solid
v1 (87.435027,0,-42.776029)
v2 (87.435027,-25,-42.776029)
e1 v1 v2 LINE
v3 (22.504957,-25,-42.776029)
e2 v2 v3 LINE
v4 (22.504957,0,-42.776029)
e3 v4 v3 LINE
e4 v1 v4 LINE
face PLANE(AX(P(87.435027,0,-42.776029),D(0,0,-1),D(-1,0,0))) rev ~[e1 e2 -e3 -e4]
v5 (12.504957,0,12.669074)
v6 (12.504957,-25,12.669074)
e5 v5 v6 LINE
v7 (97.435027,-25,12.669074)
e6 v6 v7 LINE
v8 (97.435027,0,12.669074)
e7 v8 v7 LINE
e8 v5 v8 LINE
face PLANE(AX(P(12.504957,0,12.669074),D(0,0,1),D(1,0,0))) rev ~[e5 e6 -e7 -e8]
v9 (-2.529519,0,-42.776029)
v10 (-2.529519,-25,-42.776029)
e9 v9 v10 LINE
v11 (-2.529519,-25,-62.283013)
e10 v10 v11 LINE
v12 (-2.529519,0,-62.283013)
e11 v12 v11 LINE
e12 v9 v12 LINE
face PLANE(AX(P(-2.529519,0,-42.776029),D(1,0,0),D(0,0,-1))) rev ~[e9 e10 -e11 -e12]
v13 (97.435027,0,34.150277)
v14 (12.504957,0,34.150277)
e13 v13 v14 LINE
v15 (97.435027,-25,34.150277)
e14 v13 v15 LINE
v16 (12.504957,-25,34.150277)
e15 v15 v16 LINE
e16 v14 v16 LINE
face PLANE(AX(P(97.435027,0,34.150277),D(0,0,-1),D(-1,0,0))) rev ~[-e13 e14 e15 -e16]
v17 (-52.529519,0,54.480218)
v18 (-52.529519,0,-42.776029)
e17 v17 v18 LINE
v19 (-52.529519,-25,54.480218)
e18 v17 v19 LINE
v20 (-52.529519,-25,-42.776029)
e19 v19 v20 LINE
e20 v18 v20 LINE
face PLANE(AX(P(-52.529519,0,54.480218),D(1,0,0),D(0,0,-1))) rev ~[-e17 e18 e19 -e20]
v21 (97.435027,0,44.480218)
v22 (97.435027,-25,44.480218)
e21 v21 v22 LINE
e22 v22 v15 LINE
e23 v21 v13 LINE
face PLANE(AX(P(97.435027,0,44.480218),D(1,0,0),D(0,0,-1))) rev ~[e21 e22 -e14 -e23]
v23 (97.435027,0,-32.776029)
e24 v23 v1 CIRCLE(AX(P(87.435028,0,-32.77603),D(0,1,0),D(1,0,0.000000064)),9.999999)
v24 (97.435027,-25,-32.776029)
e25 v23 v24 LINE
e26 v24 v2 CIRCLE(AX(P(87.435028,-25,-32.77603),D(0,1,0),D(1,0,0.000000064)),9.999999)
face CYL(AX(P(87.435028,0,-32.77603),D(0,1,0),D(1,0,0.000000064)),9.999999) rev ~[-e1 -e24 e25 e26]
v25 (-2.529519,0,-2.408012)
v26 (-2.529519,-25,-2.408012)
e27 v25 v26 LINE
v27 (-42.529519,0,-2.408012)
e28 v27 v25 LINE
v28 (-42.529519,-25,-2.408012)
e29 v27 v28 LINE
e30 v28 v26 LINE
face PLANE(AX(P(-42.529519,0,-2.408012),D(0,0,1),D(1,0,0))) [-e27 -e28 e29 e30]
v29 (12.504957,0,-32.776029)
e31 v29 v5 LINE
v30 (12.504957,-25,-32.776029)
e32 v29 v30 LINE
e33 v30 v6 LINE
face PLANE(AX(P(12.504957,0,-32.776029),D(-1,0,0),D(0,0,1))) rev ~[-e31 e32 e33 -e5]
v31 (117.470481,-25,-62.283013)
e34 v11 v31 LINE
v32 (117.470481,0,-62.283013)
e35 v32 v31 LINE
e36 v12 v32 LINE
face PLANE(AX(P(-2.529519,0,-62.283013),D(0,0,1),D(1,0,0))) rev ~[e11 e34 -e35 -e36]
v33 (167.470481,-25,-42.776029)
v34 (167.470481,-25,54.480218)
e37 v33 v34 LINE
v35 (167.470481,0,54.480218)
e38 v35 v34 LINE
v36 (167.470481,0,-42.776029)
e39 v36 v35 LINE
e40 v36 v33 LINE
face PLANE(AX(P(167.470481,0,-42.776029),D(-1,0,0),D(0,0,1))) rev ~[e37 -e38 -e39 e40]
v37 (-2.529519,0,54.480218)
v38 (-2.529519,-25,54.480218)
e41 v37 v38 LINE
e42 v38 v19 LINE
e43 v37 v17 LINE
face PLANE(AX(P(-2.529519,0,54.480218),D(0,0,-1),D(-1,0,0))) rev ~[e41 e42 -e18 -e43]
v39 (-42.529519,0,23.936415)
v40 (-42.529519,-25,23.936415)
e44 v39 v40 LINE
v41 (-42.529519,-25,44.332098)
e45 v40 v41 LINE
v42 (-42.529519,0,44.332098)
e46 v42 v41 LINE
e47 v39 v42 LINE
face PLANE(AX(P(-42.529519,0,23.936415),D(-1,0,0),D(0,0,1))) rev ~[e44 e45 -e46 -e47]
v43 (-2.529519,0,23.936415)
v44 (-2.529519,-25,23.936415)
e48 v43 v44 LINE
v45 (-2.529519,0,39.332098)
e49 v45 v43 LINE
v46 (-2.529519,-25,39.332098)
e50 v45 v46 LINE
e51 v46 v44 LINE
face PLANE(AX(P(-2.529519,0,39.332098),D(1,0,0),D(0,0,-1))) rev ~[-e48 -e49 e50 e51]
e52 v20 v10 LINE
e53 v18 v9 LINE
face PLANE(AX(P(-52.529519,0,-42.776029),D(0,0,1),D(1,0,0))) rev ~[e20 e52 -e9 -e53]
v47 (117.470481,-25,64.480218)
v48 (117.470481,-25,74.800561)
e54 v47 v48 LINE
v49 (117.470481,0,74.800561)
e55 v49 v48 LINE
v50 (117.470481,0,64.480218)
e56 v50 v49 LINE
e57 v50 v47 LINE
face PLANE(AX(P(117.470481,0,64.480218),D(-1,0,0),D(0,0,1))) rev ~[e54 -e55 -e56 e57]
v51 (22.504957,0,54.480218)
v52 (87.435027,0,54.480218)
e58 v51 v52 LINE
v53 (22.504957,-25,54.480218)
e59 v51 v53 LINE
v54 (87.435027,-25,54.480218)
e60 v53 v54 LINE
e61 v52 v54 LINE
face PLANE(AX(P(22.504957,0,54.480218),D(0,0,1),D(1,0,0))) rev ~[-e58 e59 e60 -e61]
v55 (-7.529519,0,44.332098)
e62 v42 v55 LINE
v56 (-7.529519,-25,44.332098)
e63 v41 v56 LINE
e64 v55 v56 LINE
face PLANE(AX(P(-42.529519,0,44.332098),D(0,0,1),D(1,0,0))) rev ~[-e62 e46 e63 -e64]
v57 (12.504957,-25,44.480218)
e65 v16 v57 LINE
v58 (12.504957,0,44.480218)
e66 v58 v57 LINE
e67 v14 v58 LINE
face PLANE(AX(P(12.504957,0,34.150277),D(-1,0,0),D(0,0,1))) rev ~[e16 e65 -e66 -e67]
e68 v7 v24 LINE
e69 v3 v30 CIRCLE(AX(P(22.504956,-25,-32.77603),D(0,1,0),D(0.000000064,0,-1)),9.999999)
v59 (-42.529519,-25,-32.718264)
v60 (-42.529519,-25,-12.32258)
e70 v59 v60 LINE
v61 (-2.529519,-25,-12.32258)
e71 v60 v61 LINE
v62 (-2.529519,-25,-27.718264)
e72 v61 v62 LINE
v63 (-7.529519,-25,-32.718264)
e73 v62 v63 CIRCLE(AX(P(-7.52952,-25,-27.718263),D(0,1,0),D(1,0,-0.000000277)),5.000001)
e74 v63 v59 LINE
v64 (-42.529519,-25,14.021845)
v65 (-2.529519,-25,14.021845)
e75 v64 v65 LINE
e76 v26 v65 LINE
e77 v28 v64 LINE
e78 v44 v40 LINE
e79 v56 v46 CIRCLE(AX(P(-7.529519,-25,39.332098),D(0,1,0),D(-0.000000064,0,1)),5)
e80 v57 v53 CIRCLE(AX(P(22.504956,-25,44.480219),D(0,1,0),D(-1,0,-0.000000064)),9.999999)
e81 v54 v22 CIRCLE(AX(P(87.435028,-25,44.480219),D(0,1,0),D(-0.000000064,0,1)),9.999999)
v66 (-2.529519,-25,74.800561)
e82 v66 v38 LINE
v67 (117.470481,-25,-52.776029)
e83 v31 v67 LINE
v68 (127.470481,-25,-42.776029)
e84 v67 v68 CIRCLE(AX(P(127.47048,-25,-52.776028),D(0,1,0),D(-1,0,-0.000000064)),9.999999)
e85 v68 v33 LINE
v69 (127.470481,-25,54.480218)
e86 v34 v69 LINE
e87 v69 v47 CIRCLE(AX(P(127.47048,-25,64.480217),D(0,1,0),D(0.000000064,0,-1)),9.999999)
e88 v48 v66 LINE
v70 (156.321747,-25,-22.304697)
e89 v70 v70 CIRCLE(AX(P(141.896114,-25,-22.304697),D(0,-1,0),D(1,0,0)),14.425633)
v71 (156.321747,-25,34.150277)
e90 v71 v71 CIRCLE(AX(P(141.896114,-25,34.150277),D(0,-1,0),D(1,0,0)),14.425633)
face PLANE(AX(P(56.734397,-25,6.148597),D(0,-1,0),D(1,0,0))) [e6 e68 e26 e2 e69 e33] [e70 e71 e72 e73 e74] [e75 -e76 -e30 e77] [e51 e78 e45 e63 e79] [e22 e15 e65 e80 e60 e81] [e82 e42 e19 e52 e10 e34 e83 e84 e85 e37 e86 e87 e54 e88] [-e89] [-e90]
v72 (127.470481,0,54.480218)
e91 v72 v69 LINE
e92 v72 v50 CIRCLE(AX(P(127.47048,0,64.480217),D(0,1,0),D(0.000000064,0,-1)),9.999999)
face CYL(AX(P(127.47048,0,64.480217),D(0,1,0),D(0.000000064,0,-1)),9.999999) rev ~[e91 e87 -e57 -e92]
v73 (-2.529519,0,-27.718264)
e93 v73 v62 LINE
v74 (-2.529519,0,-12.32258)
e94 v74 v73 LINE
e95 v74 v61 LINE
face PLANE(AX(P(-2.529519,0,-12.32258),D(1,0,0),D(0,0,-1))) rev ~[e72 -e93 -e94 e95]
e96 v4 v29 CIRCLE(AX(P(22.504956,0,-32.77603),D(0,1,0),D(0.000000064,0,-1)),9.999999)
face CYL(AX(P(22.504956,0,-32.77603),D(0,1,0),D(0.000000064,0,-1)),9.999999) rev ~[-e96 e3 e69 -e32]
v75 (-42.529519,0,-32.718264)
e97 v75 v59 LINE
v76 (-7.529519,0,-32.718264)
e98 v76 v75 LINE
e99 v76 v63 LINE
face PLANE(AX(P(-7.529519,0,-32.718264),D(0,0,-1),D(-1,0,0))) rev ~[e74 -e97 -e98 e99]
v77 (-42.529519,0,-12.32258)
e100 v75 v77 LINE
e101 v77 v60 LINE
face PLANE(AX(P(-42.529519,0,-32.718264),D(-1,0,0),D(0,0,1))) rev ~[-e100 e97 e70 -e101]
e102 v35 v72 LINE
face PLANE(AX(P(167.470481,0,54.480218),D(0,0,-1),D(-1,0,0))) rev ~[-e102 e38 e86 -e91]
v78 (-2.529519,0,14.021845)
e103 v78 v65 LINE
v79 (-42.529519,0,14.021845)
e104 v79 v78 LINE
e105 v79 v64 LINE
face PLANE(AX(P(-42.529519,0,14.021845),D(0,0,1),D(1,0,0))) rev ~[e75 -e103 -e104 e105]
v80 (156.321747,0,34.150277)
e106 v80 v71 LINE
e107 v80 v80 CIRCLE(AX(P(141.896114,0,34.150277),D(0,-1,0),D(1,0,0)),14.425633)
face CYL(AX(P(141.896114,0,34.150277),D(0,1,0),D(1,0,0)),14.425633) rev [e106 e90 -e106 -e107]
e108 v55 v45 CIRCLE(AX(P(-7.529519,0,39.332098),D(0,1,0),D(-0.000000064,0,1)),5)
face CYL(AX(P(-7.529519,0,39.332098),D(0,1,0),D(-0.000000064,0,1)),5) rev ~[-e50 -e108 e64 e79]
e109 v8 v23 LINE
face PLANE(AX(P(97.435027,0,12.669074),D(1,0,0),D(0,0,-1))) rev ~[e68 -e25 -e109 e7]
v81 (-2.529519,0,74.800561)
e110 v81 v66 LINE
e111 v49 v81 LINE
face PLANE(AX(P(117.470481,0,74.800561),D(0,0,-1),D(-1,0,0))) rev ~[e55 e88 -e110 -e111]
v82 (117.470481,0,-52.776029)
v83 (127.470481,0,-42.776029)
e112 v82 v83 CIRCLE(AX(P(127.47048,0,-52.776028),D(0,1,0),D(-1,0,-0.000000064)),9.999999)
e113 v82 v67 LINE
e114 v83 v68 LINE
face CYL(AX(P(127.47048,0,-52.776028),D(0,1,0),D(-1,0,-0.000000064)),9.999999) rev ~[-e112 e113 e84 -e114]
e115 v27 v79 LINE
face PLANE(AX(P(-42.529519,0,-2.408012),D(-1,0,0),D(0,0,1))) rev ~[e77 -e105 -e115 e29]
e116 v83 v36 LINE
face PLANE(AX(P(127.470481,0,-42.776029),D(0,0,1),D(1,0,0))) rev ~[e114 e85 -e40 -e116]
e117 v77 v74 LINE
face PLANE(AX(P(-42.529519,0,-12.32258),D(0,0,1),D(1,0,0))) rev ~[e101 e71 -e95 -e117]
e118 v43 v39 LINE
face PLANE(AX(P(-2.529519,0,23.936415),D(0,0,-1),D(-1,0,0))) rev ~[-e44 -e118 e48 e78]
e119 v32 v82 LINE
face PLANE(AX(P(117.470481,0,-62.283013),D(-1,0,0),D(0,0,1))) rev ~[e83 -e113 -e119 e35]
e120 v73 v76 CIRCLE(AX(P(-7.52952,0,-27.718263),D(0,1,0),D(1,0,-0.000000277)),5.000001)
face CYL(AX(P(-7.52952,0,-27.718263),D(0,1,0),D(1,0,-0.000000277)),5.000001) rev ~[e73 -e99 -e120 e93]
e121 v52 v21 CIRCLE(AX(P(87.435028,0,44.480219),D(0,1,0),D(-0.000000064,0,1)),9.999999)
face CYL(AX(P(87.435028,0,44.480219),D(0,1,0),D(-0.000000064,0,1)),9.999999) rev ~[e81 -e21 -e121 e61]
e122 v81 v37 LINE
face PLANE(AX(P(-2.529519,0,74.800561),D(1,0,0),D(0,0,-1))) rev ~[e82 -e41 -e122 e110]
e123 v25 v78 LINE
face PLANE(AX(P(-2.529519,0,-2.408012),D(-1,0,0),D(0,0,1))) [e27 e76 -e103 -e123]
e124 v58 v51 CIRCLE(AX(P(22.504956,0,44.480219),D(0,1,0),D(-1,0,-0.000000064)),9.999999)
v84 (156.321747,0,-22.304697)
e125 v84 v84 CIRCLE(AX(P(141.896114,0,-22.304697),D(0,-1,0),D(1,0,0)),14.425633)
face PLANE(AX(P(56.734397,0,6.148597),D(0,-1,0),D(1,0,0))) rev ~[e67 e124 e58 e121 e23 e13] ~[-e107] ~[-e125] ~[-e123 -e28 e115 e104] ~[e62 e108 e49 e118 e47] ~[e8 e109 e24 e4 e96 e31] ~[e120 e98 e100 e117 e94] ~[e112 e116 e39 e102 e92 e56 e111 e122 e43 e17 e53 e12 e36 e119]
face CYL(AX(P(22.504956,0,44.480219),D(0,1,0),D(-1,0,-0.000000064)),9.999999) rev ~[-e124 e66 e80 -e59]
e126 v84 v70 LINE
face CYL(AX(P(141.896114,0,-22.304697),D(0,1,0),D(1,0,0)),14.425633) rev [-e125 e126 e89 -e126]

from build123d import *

# Parameters (mm, degrees)
F0_W     = 40
F0_H     = 16.429857
F0_R     = 14.425633
F1_DEPTH = 25


with BuildPart() as f1:
    # F0 (on Front) → F1 (new body)
    with BuildSketch(Plane.XZ):
        with BuildLine():
            Line((-2.529519, 54.480218), (-52.529519, 54.480218))
            Line((-52.529519, 54.480218), (-52.529519, -42.776029))
            Line((-52.529519, -42.776029), (-2.529519, -42.776029))
            Line((-2.529519, -42.776029), (-2.529519, -62.283013))
            Line((-2.529519, -62.283013), (117.470481, -62.283013))
            Line((117.470481, -62.283013), (117.470481, -52.776029))
            ThreePointArc((117.470481, -52.776029), (120.399413, -45.704961), (127.470481, -42.776029))
            Line((127.470481, -42.776029), (167.470481, -42.776029))
            Line((167.470481, -42.776029), (167.470481, 54.480218))
            Line((167.470481, 54.480218), (127.470481, 54.480218))
            ThreePointArc((127.470481, 54.480218), (120.399413, 57.40915), (117.470481, 64.480218))
            Line((117.470481, 64.480218), (117.470481, 74.800561))
            Line((117.470481, 74.800561), (-2.529519, 74.800561))
            Line((-2.529519, 74.800561), (-2.529519, 54.480218))
        make_face()
        with BuildLine():
            Line((-7.529519, -32.718264), (-42.529519, -32.718264))
            Line((-42.529519, -32.718264), (-42.529519, -12.32258))
            Line((-42.529519, -12.32258), (-2.529519, -12.32258))
            Line((-2.529519, -12.32258), (-2.529519, -27.718264))
            ThreePointArc((-2.529519, -27.718264), (-3.993985, -31.253797), (-7.529519, -32.718264))
        make_face(mode=Mode.SUBTRACT)
        with Locations((-22.529519, 5.806916)):
            Rectangle(F0_W, F0_H, mode=Mode.SUBTRACT)
        with BuildLine():
            Line((87.435027, -42.776029), (22.504957, -42.776029))
            ThreePointArc((22.504957, -42.776029), (15.433889, -39.847097), (12.504957, -32.776029))
            Line((12.504957, -32.776029), (12.504957, 12.669074))
            Line((12.504957, 12.669074), (52.470481, 12.669074))
            Line((52.470481, 12.669074), (97.435027, 12.669074))
            Line((97.435027, 12.669074), (97.435027, -32.776029))
            ThreePointArc((97.435027, -32.776029), (94.506095, -39.847097), (87.435027, -42.776029))
        make_face(mode=Mode.SUBTRACT)
        with Locations((141.896114, -22.304697)):
            Circle(F0_R, mode=Mode.SUBTRACT)
        with BuildLine():
            ThreePointArc((-7.529519, 44.332098), (-3.993985, 42.867632), (-2.529519, 39.332098))
            Line((-2.529519, 39.332098), (-2.529519, 23.936415))
            Line((-2.529519, 23.936415), (-42.529519, 23.936415))
            Line((-42.529519, 23.936415), (-42.529519, 44.332098))
            Line((-42.529519, 44.332098), (-7.529519, 44.332098))
        make_face(mode=Mode.SUBTRACT)
        with BuildLine():
            ThreePointArc((12.504957, 44.480218), (15.433889, 51.551286), (22.504957, 54.480218))
            Line((22.504957, 54.480218), (87.435027, 54.480218))
            ThreePointArc((87.435027, 54.480218), (94.506095, 51.551286), (97.435027, 44.480218))
            Line((97.435027, 44.480218), (97.435027, 34.150277))
            Line((97.435027, 34.150277), (12.504957, 34.150277))
            Line((12.504957, 34.150277), (12.504957, 44.480218))
        make_face(mode=Mode.SUBTRACT)
        with Locations((141.896114, 34.150277)):
            Circle(F0_R, mode=Mode.SUBTRACT)
    extrude(amount=F1_DEPTH)


solid = f1.part
